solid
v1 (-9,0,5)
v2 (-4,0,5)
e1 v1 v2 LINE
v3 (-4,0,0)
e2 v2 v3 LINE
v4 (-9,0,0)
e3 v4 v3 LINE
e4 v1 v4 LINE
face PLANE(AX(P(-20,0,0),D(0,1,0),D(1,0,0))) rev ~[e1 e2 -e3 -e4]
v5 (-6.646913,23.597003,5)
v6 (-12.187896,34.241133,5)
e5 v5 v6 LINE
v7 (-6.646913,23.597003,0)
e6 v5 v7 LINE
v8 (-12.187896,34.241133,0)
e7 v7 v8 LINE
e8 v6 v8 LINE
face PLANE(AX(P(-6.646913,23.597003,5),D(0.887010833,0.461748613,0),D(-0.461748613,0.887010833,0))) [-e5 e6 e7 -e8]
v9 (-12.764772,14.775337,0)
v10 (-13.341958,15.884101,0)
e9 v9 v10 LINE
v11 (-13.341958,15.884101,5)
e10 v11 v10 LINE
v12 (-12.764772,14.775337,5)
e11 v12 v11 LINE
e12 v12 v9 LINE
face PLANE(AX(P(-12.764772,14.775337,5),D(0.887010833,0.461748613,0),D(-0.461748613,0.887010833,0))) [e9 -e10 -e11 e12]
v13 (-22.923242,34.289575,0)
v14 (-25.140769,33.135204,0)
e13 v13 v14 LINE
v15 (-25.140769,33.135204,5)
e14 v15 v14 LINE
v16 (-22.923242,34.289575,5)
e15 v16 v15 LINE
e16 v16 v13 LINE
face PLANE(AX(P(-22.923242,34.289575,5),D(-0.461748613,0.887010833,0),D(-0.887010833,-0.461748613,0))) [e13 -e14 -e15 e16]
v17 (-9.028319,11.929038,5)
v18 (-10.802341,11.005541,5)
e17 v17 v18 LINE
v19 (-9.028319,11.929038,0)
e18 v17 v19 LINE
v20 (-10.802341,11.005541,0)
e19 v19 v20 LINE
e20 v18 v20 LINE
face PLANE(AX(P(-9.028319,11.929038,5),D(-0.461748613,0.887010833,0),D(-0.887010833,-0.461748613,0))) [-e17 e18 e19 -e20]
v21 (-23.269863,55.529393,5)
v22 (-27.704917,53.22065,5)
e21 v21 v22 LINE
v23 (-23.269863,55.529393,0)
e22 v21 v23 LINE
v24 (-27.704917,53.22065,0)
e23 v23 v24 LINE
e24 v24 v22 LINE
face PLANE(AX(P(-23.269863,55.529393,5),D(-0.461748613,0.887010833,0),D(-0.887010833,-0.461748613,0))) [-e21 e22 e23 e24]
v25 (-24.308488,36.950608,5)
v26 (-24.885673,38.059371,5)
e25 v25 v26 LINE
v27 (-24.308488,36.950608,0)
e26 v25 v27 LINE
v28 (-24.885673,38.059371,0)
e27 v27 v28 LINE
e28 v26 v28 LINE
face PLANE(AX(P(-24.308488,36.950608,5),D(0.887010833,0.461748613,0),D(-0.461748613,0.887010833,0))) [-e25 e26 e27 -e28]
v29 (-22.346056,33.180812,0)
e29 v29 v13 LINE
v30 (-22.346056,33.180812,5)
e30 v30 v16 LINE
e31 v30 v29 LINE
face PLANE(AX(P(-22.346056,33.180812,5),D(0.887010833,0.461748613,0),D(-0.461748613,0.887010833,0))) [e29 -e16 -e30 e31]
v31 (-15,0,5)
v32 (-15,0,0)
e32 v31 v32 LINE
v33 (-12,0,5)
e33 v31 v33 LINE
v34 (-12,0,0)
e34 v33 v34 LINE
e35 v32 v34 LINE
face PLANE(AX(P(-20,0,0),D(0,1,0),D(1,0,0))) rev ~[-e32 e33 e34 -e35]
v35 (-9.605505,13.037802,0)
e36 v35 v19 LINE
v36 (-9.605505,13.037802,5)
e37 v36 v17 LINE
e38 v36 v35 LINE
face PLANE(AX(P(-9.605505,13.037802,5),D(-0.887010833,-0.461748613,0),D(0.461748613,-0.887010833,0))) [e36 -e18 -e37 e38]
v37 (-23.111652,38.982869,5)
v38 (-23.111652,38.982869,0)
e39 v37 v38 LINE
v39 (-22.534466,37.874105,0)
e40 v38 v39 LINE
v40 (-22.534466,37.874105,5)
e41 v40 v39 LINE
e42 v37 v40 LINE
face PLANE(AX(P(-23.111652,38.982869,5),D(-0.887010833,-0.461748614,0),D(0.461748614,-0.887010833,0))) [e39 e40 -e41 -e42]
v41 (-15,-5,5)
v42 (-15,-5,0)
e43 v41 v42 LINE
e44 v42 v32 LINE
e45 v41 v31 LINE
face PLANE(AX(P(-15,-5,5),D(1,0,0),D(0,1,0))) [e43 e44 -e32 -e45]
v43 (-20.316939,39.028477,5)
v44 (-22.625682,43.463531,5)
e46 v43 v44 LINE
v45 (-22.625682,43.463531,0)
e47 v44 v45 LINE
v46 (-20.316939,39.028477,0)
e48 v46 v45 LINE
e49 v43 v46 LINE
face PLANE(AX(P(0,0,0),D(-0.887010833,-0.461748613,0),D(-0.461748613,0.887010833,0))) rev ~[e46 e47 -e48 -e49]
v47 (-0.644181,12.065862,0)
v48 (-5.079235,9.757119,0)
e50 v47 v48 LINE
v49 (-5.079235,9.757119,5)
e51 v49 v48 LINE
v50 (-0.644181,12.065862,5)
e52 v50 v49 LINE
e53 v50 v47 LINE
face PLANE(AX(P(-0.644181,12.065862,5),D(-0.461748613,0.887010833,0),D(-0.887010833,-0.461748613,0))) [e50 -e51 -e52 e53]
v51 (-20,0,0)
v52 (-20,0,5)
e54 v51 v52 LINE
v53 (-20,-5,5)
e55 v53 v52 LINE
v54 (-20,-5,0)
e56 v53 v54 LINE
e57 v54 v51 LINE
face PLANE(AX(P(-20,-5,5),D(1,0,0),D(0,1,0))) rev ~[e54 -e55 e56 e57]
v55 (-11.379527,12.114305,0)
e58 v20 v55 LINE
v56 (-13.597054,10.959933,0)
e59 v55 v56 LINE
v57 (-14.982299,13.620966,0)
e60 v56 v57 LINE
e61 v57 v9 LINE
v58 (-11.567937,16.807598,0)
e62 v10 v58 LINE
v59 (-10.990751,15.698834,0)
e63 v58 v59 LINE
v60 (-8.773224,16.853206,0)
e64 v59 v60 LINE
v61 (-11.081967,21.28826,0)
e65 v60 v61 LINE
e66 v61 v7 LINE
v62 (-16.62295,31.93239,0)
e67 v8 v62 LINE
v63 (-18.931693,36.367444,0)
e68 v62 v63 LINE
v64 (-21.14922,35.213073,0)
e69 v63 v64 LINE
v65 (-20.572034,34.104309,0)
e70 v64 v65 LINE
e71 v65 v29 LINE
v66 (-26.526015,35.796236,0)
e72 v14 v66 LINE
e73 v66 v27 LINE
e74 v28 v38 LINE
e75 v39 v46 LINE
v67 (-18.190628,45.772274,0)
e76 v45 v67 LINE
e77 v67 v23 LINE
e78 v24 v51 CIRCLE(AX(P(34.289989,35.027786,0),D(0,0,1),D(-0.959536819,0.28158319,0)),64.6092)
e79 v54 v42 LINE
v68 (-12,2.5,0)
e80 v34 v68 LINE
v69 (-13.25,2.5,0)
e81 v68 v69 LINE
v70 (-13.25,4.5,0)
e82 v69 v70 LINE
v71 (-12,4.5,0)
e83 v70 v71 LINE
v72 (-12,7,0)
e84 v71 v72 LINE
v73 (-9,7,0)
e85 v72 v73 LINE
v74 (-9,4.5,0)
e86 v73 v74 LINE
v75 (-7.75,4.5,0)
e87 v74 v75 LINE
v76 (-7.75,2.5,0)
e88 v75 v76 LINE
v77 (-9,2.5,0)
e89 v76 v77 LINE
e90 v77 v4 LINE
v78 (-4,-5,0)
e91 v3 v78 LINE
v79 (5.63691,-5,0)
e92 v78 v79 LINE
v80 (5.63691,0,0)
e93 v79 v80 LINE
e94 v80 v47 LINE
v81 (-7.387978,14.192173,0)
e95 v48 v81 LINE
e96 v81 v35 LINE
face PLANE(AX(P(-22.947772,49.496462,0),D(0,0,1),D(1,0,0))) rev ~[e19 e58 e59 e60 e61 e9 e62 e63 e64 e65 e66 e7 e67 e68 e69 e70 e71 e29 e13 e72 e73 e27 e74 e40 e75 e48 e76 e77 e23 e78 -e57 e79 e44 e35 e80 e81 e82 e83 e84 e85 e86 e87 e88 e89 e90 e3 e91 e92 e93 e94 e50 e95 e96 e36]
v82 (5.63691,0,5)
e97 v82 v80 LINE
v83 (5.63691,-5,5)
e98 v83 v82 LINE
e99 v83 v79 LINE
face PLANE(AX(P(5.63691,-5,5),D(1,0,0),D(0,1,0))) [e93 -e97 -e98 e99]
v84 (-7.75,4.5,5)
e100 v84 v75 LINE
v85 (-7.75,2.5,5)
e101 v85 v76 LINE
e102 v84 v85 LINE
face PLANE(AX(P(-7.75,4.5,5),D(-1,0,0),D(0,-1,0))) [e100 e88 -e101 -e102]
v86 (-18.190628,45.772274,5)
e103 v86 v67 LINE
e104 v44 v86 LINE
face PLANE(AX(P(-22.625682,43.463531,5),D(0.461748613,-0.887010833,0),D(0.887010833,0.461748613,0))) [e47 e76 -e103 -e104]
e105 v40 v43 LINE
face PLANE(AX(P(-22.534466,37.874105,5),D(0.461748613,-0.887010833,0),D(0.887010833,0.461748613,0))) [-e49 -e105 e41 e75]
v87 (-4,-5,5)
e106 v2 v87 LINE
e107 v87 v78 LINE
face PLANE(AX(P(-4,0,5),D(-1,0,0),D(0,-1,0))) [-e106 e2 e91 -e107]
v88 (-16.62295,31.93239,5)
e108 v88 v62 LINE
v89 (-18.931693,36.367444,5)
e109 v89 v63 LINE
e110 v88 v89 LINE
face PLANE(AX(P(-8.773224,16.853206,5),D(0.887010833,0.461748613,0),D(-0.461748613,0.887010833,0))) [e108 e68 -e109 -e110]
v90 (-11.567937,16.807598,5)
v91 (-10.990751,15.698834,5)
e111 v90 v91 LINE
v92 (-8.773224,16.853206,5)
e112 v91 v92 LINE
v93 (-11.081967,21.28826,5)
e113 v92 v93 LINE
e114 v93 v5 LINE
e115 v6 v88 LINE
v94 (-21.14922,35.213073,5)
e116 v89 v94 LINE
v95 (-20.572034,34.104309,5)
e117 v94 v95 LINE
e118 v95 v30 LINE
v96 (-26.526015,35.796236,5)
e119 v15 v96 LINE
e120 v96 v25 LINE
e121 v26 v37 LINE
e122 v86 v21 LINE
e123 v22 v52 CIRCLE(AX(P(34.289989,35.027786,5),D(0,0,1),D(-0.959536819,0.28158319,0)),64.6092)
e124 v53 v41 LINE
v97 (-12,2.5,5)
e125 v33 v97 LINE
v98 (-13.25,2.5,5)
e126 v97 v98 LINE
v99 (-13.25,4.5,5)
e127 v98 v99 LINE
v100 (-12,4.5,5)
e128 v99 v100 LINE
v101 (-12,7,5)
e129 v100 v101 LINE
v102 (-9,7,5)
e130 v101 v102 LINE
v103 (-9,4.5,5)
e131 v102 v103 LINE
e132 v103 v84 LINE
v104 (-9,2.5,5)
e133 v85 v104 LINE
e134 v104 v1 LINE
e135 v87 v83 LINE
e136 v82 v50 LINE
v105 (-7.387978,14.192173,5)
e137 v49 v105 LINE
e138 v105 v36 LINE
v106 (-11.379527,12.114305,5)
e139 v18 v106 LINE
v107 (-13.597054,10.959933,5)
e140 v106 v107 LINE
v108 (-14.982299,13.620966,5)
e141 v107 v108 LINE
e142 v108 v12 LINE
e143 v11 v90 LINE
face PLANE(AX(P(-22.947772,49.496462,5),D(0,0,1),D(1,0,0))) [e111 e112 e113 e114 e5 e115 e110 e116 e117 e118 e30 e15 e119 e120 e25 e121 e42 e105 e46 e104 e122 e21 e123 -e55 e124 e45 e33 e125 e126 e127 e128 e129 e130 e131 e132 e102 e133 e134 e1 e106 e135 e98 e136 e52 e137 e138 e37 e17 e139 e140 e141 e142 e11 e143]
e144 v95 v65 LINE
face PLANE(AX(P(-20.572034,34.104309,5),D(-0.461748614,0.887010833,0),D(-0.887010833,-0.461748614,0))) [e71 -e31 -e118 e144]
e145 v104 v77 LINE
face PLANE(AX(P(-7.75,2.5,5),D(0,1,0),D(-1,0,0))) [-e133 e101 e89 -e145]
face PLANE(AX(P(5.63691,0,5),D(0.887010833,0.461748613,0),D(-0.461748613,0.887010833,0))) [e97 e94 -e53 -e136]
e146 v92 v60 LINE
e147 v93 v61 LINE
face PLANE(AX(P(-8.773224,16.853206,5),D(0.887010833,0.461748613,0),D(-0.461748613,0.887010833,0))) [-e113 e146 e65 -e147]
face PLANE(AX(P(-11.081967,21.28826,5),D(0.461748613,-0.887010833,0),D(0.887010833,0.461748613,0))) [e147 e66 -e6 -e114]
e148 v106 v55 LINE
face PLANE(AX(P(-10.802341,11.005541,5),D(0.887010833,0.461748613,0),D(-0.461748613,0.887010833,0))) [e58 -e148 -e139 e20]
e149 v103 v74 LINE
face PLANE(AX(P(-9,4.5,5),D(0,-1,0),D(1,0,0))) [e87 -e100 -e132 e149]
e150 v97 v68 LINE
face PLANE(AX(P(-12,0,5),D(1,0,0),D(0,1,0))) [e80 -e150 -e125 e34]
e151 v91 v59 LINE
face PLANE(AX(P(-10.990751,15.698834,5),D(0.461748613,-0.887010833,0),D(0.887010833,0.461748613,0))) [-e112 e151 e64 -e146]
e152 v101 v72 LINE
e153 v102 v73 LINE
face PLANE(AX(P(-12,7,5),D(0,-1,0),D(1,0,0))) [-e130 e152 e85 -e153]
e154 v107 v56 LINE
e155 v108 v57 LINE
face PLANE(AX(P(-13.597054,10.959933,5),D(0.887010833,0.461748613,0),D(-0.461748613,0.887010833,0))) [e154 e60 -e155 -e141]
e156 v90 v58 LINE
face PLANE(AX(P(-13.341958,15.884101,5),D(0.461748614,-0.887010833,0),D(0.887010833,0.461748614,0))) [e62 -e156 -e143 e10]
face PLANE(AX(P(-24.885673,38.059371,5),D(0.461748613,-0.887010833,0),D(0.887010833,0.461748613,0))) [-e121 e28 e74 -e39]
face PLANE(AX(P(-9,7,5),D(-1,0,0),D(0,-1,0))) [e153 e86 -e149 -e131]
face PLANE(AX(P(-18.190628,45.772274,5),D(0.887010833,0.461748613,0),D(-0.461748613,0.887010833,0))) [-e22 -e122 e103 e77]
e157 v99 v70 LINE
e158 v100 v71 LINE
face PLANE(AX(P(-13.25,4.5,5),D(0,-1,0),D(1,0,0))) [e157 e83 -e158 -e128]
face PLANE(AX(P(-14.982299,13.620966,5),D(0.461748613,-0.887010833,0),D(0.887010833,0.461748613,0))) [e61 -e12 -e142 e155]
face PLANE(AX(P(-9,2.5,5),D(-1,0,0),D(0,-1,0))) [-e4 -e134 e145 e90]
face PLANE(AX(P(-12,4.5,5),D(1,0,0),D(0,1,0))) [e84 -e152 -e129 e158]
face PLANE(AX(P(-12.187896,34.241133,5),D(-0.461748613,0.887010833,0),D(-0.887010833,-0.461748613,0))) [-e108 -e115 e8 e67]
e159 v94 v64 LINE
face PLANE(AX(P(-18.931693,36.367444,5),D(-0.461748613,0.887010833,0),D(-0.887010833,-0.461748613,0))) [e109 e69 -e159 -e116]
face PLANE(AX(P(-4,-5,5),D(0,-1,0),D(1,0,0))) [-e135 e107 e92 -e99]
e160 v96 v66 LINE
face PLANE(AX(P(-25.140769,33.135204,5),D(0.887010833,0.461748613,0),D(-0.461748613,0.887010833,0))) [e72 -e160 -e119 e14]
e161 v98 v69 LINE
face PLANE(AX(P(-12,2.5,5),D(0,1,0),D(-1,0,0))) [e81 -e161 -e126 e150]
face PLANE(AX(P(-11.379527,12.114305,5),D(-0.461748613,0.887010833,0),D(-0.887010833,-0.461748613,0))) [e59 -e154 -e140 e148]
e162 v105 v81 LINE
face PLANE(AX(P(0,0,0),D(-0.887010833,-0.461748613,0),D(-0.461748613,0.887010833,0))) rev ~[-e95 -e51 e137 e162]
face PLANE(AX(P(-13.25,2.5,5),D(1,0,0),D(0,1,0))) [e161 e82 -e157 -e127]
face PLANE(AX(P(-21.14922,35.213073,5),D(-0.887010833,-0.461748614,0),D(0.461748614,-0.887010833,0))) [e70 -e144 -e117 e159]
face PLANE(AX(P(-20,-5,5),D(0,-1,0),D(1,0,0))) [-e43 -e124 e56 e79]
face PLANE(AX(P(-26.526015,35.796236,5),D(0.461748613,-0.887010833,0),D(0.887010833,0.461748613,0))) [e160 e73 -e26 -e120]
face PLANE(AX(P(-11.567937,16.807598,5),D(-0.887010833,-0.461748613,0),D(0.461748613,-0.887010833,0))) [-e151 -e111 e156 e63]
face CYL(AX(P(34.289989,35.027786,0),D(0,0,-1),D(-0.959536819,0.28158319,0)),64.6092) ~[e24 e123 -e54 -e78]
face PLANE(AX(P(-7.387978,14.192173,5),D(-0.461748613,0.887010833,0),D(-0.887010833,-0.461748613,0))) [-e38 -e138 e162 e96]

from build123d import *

# Parameters (mm, degrees)
BOSS_EXTRUDE1_DEPTH = 5
SKETCH2_OUTSIDE_W   = 44.609
SKETCH2_OUTSIDE_H   = 67.511
CUT_EXTRUDE1_DEPTH  = 5
SKETCH3_W           = 5
SKETCH3_H           = 5
BOSS_EXTRUDE2_DEPTH = 5


with BuildPart() as part:
    # Sketch1 → Boss-Extrude1 (new body)
    with BuildSketch(Plane.XY):
        with BuildLine():
            Line((-20, 0), (0, 0))
            Line((0, 0), (-27.704916794, 53.220649991))
            ThreePointArc((-27.704916794, 53.220649991), (-29.652591379, 25.770621947), (-20, 0))
        make_face()
    extrude(amount=BOSS_EXTRUDE1_DEPTH)

    # Sketch2 outside → Cut-Extrude1 (cut)
    with BuildSketch(Plane.XY.offset(5)):
        with Locations((-15.1595, 26.6105)):
            Rectangle(SKETCH2_OUTSIDE_W, SKETCH2_OUTSIDE_H)
        with BuildLine():
            Line((-12, 4.5), (-12, 7))
            Line((-12, 7), (-9, 7))
            Line((-9, 7), (-9, 4.5))
            Line((-9, 4.5), (-7.75, 4.5))
            Line((-7.75, 4.5), (-7.75, 2.5))
            Line((-7.75, 2.5), (-9, 2.5))
            Line((-9, 2.5), (-9, 0))
            Line((-9, 0), (0, 0))
            Line((0, 0), (-7.387977812, 14.192173331))
            Line((-7.387977812, 14.192173331), (-9.605504895, 13.037801798))
            Line((-9.605504895, 13.037801798), (-9.028319128, 11.929038256))
            Line((-9.028319128, 11.929038256), (-10.802340795, 11.00554103))
            Line((-10.802340795, 11.00554103), (-11.379526561, 12.114304571))
            Line((-11.379526561, 12.114304571), (-13.597053644, 10.959933038))
            Line((-13.597053644, 10.959933038), (-14.982299484, 13.620965538))
            Line((-14.982299484, 13.620965538), (-12.764772401, 14.775337071))
            Line((-12.764772401, 14.775337071), (-13.341958167, 15.884100612))
            Line((-13.341958167, 15.884100612), (-11.567936501, 16.807597839))
            Line((-11.567936501, 16.807597839), (-10.990750734, 15.698834297))
            Line((-10.990750734, 15.698834297), (-8.773223651, 16.85320583))
            Line((-8.773223651, 16.85320583), (-18.931693143, 36.36744416))
            Line((-18.931693143, 36.36744416), (-21.149220226, 35.213072627))
            Line((-21.149220226, 35.213072627), (-20.572034459, 34.104309086))
            Line((-20.572034459, 34.104309086), (-22.346056125, 33.180811859))
            Line((-22.346056125, 33.180811859), (-22.923241892, 34.289575401))
            Line((-22.923241892, 34.289575401), (-25.140768975, 33.135203868))
            Line((-25.140768975, 33.135203868), (-26.526014815, 35.796236367))
            Line((-26.526014815, 35.796236367), (-24.308487732, 36.9506079))
            Line((-24.308487732, 36.9506079), (-24.885673498, 38.059371442))
            Line((-24.885673498, 38.059371442), (-23.111651832, 38.982868668))
            Line((-23.111651832, 38.982868668), (-22.534466065, 37.874105127))
            Line((-22.534466065, 37.874105127), (-20.316938982, 39.02847666))
            Line((-20.316938982, 39.02847666), (-27.704916794, 53.220649991))
            ThreePointArc((-27.704916794, 53.220649991), (-29.652591379, 25.770621947), (-20, 0))
            Line((-20, 0), (-12, 0))
            Line((-12, 0), (-12, 2.5))
            Line((-12, 2.5), (-13.25, 2.5))
            Line((-13.25, 2.5), (-13.25, 4.5))
            Line((-13.25, 4.5), (-12, 4.5))
        make_face(mode=Mode.SUBTRACT)
    extrude(amount=-CUT_EXTRUDE1_DEPTH, mode=Mode.SUBTRACT)

    # Sketch3 → Boss-Extrude2 (add)
    with BuildSketch(Plane.XY.offset(5)):
        Polygon((-23.269862628, 55.529393057), (-27.704916794, 53.220649991), (-22.625682049, 43.463530826), (-18.190627883, 45.772273892), align=None)
        Polygon((-12.187895911, 34.241133061), (-16.622950076, 31.932389994), (-11.081966718, 21.288259996), (-6.646912552, 23.597003062), align=None)
        Polygon((-5.079234746, 9.757119165), (0, 0), (-4, 0), (-4, -5), (5.636909734, -5), (5.636909734, 0), (-0.64418058, 12.065862231), align=None)
        with Locations((-17.5, -2.5)):
            Rectangle(SKETCH3_W, SKETCH3_H)
    extrude(amount=-BOSS_EXTRUDE2_DEPTH)


solid = part.part
